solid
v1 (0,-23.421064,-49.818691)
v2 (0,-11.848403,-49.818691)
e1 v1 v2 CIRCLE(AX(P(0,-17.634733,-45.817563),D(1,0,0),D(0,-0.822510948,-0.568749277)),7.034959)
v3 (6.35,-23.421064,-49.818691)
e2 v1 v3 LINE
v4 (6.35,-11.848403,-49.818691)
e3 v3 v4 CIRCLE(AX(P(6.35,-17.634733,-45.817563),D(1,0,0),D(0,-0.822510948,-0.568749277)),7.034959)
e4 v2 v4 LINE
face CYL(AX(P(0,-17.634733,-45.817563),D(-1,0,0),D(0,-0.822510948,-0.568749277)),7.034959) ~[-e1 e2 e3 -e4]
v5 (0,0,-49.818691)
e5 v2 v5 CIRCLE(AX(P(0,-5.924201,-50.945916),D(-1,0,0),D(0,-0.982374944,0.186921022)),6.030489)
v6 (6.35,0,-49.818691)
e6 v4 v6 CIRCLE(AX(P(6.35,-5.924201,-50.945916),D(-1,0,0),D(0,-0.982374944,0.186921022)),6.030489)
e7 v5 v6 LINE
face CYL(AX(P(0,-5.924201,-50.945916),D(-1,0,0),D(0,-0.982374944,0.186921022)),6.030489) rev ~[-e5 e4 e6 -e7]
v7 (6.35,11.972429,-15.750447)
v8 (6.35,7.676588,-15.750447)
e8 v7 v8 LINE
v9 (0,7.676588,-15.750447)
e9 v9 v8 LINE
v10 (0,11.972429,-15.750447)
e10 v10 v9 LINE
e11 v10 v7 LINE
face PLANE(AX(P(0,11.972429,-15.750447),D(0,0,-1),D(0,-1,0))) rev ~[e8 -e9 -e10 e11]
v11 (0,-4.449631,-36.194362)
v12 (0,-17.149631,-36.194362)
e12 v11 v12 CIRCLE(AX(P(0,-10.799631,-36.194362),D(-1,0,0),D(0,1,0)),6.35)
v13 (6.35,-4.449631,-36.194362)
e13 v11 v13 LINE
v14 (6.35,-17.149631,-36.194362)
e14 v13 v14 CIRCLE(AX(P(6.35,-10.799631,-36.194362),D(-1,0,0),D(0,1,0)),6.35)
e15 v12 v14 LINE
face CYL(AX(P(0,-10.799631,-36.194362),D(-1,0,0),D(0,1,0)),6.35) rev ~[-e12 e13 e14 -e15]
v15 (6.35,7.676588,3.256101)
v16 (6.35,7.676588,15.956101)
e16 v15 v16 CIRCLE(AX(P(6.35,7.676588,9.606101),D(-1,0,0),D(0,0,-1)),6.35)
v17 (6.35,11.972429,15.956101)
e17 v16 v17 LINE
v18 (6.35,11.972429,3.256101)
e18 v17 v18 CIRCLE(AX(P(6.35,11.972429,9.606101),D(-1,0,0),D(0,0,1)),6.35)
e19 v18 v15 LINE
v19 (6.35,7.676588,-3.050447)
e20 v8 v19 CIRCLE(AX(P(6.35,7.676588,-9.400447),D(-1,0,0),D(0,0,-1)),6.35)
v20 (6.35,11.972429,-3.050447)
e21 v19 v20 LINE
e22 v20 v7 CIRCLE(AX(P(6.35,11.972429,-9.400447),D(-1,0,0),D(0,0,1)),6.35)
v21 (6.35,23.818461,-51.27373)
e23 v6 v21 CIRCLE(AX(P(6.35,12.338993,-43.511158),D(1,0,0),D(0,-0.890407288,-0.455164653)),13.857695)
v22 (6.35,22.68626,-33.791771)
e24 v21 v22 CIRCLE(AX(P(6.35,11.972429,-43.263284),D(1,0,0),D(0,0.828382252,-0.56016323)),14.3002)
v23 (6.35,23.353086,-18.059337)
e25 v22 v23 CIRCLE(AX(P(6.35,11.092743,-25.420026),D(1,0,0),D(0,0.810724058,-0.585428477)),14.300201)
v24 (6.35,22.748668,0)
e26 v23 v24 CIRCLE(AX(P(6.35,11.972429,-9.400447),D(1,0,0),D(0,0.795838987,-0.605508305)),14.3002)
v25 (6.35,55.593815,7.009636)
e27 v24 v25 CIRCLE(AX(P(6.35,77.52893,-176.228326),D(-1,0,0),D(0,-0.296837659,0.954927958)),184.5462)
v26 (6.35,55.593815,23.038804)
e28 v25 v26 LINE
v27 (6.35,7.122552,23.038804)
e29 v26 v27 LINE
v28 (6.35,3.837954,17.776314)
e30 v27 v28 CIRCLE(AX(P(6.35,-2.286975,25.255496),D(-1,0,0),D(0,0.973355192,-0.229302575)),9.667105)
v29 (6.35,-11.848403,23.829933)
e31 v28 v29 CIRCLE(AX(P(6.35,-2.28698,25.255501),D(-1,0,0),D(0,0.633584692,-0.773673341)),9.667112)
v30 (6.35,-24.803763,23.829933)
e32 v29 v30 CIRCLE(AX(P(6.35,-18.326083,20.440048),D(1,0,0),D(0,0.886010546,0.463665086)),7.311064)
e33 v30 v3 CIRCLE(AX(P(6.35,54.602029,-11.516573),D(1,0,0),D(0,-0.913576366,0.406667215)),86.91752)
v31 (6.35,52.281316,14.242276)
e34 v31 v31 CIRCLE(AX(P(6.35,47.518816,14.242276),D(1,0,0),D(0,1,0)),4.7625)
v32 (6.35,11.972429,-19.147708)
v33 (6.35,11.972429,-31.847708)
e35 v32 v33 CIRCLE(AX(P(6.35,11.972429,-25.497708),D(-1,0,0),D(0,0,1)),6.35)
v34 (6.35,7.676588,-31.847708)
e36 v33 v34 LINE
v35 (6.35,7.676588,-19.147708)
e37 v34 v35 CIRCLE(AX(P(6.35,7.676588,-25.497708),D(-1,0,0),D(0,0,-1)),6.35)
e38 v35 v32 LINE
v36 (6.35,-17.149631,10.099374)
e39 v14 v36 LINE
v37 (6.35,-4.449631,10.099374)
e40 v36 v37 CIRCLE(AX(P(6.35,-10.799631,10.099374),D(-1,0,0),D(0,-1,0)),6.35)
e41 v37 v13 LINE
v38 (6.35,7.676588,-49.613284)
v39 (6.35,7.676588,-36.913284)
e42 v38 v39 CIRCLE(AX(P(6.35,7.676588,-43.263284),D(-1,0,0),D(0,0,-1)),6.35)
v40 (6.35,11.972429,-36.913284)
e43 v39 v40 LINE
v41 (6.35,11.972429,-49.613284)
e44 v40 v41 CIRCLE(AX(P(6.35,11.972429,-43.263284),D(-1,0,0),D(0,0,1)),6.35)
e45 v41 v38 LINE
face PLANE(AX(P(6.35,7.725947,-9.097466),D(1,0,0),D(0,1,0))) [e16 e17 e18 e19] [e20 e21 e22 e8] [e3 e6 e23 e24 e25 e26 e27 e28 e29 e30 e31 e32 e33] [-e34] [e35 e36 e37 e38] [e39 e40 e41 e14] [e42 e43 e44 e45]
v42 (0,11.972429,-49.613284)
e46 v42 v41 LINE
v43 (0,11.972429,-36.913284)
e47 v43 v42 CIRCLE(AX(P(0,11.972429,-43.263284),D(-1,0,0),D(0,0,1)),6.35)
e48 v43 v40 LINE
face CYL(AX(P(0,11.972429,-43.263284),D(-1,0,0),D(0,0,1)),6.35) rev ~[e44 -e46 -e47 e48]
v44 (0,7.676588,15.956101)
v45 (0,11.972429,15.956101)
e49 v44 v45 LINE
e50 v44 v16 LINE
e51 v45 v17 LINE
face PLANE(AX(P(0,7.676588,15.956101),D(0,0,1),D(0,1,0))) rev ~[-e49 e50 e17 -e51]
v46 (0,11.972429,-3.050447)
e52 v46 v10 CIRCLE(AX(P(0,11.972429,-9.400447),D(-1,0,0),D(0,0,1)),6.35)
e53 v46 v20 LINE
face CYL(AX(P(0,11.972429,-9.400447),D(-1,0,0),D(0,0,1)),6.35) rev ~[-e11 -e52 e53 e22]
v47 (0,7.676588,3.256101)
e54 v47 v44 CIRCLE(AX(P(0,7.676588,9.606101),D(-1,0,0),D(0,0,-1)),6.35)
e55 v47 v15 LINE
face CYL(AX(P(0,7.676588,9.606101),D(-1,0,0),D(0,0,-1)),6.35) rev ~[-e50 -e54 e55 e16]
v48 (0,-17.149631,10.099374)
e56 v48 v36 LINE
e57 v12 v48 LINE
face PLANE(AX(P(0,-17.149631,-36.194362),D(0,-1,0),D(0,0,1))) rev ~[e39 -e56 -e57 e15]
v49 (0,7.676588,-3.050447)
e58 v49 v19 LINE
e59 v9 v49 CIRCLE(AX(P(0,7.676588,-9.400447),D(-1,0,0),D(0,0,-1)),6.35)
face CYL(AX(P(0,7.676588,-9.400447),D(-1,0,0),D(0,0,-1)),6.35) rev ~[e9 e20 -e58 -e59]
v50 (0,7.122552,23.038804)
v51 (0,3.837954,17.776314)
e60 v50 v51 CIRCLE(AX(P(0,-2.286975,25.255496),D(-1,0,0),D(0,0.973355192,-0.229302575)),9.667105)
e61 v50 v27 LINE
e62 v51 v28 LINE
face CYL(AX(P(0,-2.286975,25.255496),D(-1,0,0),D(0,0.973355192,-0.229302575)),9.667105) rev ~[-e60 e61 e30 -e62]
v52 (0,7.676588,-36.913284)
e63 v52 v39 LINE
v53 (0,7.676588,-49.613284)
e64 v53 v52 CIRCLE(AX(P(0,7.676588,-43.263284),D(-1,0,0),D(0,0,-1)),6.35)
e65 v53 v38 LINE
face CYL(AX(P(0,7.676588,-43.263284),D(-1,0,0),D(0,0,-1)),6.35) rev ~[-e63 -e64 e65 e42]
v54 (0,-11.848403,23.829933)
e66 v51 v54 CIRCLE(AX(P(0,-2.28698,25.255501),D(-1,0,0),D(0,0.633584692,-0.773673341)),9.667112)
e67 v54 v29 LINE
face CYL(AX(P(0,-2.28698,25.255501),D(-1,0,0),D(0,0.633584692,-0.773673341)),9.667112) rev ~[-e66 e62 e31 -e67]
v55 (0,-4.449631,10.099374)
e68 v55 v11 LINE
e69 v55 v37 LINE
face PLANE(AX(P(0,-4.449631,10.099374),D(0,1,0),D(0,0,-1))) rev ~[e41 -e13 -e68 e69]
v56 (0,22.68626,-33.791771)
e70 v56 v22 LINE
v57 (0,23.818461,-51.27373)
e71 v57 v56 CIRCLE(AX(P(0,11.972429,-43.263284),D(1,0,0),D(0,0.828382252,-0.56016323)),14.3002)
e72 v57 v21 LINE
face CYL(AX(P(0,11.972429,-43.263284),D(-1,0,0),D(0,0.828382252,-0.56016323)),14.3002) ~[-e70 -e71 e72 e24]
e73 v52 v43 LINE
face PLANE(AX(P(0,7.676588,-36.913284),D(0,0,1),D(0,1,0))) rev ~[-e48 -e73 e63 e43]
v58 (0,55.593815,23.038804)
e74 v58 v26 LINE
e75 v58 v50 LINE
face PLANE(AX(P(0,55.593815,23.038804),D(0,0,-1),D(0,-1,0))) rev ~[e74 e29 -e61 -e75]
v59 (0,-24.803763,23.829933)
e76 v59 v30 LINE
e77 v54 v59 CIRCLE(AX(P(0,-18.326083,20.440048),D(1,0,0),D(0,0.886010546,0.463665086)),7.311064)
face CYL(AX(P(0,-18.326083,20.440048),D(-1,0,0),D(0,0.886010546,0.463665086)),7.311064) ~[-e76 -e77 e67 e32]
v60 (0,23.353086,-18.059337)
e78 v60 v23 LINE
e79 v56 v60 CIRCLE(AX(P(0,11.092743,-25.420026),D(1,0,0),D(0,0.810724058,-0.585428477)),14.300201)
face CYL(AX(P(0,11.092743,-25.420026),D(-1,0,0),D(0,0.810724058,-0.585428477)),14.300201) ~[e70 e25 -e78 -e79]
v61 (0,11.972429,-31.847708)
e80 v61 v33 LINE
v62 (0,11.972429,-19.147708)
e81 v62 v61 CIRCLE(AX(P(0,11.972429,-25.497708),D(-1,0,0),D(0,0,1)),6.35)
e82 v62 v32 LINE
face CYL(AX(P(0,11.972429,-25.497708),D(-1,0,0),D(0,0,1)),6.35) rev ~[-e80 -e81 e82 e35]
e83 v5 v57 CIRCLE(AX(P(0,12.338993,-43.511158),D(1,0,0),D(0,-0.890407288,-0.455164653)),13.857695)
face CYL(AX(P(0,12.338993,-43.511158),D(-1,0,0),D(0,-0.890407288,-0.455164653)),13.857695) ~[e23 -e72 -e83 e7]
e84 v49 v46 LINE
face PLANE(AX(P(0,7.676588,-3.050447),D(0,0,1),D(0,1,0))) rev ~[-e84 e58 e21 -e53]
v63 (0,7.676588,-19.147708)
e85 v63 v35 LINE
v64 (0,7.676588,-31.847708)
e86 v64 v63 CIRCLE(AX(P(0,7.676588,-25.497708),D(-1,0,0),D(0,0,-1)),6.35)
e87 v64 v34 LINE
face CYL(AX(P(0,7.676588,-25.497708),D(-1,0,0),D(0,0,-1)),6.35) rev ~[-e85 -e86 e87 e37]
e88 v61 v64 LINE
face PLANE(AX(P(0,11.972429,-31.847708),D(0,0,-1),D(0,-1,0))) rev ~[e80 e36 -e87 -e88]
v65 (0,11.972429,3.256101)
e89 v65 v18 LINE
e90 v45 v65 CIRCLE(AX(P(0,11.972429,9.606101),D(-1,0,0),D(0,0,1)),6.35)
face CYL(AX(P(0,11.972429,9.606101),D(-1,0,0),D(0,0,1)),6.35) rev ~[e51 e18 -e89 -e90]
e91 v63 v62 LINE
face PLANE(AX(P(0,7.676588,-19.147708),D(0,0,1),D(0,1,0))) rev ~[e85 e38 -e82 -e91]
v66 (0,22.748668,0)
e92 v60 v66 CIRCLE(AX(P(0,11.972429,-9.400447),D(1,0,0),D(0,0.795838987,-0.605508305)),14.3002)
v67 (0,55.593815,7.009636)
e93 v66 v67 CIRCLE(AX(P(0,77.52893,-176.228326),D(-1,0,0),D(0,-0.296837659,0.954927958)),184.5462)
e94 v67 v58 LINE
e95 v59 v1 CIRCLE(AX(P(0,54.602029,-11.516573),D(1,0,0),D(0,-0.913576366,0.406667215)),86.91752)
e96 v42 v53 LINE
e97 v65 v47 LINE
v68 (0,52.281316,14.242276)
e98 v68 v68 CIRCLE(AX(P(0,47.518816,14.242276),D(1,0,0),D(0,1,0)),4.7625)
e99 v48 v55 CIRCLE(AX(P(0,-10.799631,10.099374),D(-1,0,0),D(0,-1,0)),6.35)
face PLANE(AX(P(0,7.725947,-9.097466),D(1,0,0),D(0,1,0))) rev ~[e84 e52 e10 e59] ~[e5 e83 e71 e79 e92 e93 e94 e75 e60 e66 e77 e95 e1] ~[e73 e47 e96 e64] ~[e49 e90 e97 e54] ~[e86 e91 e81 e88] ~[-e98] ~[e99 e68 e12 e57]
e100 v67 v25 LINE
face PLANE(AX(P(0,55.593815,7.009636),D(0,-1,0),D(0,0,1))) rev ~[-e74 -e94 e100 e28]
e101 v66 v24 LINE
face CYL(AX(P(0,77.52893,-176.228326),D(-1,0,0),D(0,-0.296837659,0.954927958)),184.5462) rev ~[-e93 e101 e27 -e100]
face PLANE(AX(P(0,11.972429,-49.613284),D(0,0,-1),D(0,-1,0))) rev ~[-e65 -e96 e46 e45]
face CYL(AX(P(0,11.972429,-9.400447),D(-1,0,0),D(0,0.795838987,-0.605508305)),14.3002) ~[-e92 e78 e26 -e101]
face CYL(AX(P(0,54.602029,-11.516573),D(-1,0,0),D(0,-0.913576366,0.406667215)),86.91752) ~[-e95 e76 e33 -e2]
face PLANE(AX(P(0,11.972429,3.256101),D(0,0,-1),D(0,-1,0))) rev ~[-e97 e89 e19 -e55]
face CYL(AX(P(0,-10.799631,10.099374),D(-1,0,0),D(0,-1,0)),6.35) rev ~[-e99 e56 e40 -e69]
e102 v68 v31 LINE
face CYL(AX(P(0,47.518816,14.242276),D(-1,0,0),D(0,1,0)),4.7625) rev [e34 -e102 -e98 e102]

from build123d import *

# Parameters (mm, degrees)
F0_R     = 4.7625
F1_DEPTH = 6.35


with BuildPart() as f1:
    # F0 (on Right) → F1 (new body)
    with BuildSketch(Plane.YZ):
        with BuildLine():
            ThreePointArc((-11.848403, 23.829933), (-18.326083, 27.751112), (-24.803763, 23.829933))
            ThreePointArc((-24.803763, 23.829933), (-32.300177, -13.148098), (-23.421064, -49.818691))
            ThreePointArc((-23.421064, -49.818691), (-17.634734, -52.852522), (-11.848403, -49.818691))
            ThreePointArc((-11.848403, -49.818691), (-5.924202, -44.915427), (0, -49.818691))
            ThreePointArc((0, -49.818691), (11.494019, -57.343068), (23.818461, -51.27373))
            ThreePointArc((23.818461, -51.27373), (26.242733, -42.339082), (22.68626, -33.791771))
            ThreePointArc((22.68626, -33.791771), (25.380116, -26.025603), (23.353086, -18.059337))
            ThreePointArc((23.353086, -18.059337), (26.264627, -8.922109), (22.748668, 0))
            ThreePointArc((22.748668, 0), (39.011453, 4.25354), (55.593815, 7.009636))
            Line((55.593815, 7.009636), (55.593815, 23.038804))
            Line((55.593815, 23.038804), (7.122552, 23.038804))
            ThreePointArc((7.122552, 23.038804), (5.913835, 20.136938), (3.837954, 17.776314))
            ThreePointArc((3.837954, 17.776314), (-5.767489, 16.236681), (-11.848403, 23.829933))
        make_face()
        with BuildLine():
            Line((11.972429, -49.613284), (7.676588, -49.613284))
            ThreePointArc((7.676588, -49.613284), (1.326588, -43.263284), (7.676588, -36.913284))
            Line((7.676588, -36.913284), (11.972429, -36.913284))
            ThreePointArc((11.972429, -36.913284), (18.322429, -43.263284), (11.972429, -49.613284))
        make_face(mode=Mode.SUBTRACT)
        with BuildLine():
            Line((11.972429, -31.847708), (7.676588, -31.847708))
            ThreePointArc((7.676588, -31.847708), (1.326588, -25.497708), (7.676588, -19.147708))
            Line((7.676588, -19.147708), (11.972429, -19.147708))
            ThreePointArc((11.972429, -19.147708), (18.322429, -25.497708), (11.972429, -31.847708))
        make_face(mode=Mode.SUBTRACT)
        with BuildLine():
            Line((-17.149631, -36.194362), (-17.149631, 10.099374))
            ThreePointArc((-17.149631, 10.099374), (-10.799631, 16.449374), (-4.449631, 10.099374))
            Line((-4.449631, 10.099374), (-4.449631, -36.194362))
            ThreePointArc((-4.449631, -36.194362), (-10.799631, -42.544362), (-17.149631, -36.194362))
        make_face(mode=Mode.SUBTRACT)
        with BuildLine():
            Line((11.972429, -15.750447), (7.676588, -15.750447))
            ThreePointArc((7.676588, -15.750447), (1.326588, -9.400447), (7.676588, -3.050447))
            Line((7.676588, -3.050447), (11.972429, -3.050447))
            ThreePointArc((11.972429, -3.050447), (18.322429, -9.400447), (11.972429, -15.750447))
        make_face(mode=Mode.SUBTRACT)
        with BuildLine():
            Line((11.972429, 3.256101), (7.676588, 3.256101))
            ThreePointArc((7.676588, 3.256101), (1.326588, 9.606101), (7.676588, 15.956101))
            Line((7.676588, 15.956101), (11.972429, 15.956101))
            ThreePointArc((11.972429, 15.956101), (18.322429, 9.606101), (11.972429, 3.256101))
        make_face(mode=Mode.SUBTRACT)
        with Locations((47.518816, 14.242276)):
            Circle(F0_R, mode=Mode.SUBTRACT)
    extrude(amount=F1_DEPTH)


solid = f1.part
